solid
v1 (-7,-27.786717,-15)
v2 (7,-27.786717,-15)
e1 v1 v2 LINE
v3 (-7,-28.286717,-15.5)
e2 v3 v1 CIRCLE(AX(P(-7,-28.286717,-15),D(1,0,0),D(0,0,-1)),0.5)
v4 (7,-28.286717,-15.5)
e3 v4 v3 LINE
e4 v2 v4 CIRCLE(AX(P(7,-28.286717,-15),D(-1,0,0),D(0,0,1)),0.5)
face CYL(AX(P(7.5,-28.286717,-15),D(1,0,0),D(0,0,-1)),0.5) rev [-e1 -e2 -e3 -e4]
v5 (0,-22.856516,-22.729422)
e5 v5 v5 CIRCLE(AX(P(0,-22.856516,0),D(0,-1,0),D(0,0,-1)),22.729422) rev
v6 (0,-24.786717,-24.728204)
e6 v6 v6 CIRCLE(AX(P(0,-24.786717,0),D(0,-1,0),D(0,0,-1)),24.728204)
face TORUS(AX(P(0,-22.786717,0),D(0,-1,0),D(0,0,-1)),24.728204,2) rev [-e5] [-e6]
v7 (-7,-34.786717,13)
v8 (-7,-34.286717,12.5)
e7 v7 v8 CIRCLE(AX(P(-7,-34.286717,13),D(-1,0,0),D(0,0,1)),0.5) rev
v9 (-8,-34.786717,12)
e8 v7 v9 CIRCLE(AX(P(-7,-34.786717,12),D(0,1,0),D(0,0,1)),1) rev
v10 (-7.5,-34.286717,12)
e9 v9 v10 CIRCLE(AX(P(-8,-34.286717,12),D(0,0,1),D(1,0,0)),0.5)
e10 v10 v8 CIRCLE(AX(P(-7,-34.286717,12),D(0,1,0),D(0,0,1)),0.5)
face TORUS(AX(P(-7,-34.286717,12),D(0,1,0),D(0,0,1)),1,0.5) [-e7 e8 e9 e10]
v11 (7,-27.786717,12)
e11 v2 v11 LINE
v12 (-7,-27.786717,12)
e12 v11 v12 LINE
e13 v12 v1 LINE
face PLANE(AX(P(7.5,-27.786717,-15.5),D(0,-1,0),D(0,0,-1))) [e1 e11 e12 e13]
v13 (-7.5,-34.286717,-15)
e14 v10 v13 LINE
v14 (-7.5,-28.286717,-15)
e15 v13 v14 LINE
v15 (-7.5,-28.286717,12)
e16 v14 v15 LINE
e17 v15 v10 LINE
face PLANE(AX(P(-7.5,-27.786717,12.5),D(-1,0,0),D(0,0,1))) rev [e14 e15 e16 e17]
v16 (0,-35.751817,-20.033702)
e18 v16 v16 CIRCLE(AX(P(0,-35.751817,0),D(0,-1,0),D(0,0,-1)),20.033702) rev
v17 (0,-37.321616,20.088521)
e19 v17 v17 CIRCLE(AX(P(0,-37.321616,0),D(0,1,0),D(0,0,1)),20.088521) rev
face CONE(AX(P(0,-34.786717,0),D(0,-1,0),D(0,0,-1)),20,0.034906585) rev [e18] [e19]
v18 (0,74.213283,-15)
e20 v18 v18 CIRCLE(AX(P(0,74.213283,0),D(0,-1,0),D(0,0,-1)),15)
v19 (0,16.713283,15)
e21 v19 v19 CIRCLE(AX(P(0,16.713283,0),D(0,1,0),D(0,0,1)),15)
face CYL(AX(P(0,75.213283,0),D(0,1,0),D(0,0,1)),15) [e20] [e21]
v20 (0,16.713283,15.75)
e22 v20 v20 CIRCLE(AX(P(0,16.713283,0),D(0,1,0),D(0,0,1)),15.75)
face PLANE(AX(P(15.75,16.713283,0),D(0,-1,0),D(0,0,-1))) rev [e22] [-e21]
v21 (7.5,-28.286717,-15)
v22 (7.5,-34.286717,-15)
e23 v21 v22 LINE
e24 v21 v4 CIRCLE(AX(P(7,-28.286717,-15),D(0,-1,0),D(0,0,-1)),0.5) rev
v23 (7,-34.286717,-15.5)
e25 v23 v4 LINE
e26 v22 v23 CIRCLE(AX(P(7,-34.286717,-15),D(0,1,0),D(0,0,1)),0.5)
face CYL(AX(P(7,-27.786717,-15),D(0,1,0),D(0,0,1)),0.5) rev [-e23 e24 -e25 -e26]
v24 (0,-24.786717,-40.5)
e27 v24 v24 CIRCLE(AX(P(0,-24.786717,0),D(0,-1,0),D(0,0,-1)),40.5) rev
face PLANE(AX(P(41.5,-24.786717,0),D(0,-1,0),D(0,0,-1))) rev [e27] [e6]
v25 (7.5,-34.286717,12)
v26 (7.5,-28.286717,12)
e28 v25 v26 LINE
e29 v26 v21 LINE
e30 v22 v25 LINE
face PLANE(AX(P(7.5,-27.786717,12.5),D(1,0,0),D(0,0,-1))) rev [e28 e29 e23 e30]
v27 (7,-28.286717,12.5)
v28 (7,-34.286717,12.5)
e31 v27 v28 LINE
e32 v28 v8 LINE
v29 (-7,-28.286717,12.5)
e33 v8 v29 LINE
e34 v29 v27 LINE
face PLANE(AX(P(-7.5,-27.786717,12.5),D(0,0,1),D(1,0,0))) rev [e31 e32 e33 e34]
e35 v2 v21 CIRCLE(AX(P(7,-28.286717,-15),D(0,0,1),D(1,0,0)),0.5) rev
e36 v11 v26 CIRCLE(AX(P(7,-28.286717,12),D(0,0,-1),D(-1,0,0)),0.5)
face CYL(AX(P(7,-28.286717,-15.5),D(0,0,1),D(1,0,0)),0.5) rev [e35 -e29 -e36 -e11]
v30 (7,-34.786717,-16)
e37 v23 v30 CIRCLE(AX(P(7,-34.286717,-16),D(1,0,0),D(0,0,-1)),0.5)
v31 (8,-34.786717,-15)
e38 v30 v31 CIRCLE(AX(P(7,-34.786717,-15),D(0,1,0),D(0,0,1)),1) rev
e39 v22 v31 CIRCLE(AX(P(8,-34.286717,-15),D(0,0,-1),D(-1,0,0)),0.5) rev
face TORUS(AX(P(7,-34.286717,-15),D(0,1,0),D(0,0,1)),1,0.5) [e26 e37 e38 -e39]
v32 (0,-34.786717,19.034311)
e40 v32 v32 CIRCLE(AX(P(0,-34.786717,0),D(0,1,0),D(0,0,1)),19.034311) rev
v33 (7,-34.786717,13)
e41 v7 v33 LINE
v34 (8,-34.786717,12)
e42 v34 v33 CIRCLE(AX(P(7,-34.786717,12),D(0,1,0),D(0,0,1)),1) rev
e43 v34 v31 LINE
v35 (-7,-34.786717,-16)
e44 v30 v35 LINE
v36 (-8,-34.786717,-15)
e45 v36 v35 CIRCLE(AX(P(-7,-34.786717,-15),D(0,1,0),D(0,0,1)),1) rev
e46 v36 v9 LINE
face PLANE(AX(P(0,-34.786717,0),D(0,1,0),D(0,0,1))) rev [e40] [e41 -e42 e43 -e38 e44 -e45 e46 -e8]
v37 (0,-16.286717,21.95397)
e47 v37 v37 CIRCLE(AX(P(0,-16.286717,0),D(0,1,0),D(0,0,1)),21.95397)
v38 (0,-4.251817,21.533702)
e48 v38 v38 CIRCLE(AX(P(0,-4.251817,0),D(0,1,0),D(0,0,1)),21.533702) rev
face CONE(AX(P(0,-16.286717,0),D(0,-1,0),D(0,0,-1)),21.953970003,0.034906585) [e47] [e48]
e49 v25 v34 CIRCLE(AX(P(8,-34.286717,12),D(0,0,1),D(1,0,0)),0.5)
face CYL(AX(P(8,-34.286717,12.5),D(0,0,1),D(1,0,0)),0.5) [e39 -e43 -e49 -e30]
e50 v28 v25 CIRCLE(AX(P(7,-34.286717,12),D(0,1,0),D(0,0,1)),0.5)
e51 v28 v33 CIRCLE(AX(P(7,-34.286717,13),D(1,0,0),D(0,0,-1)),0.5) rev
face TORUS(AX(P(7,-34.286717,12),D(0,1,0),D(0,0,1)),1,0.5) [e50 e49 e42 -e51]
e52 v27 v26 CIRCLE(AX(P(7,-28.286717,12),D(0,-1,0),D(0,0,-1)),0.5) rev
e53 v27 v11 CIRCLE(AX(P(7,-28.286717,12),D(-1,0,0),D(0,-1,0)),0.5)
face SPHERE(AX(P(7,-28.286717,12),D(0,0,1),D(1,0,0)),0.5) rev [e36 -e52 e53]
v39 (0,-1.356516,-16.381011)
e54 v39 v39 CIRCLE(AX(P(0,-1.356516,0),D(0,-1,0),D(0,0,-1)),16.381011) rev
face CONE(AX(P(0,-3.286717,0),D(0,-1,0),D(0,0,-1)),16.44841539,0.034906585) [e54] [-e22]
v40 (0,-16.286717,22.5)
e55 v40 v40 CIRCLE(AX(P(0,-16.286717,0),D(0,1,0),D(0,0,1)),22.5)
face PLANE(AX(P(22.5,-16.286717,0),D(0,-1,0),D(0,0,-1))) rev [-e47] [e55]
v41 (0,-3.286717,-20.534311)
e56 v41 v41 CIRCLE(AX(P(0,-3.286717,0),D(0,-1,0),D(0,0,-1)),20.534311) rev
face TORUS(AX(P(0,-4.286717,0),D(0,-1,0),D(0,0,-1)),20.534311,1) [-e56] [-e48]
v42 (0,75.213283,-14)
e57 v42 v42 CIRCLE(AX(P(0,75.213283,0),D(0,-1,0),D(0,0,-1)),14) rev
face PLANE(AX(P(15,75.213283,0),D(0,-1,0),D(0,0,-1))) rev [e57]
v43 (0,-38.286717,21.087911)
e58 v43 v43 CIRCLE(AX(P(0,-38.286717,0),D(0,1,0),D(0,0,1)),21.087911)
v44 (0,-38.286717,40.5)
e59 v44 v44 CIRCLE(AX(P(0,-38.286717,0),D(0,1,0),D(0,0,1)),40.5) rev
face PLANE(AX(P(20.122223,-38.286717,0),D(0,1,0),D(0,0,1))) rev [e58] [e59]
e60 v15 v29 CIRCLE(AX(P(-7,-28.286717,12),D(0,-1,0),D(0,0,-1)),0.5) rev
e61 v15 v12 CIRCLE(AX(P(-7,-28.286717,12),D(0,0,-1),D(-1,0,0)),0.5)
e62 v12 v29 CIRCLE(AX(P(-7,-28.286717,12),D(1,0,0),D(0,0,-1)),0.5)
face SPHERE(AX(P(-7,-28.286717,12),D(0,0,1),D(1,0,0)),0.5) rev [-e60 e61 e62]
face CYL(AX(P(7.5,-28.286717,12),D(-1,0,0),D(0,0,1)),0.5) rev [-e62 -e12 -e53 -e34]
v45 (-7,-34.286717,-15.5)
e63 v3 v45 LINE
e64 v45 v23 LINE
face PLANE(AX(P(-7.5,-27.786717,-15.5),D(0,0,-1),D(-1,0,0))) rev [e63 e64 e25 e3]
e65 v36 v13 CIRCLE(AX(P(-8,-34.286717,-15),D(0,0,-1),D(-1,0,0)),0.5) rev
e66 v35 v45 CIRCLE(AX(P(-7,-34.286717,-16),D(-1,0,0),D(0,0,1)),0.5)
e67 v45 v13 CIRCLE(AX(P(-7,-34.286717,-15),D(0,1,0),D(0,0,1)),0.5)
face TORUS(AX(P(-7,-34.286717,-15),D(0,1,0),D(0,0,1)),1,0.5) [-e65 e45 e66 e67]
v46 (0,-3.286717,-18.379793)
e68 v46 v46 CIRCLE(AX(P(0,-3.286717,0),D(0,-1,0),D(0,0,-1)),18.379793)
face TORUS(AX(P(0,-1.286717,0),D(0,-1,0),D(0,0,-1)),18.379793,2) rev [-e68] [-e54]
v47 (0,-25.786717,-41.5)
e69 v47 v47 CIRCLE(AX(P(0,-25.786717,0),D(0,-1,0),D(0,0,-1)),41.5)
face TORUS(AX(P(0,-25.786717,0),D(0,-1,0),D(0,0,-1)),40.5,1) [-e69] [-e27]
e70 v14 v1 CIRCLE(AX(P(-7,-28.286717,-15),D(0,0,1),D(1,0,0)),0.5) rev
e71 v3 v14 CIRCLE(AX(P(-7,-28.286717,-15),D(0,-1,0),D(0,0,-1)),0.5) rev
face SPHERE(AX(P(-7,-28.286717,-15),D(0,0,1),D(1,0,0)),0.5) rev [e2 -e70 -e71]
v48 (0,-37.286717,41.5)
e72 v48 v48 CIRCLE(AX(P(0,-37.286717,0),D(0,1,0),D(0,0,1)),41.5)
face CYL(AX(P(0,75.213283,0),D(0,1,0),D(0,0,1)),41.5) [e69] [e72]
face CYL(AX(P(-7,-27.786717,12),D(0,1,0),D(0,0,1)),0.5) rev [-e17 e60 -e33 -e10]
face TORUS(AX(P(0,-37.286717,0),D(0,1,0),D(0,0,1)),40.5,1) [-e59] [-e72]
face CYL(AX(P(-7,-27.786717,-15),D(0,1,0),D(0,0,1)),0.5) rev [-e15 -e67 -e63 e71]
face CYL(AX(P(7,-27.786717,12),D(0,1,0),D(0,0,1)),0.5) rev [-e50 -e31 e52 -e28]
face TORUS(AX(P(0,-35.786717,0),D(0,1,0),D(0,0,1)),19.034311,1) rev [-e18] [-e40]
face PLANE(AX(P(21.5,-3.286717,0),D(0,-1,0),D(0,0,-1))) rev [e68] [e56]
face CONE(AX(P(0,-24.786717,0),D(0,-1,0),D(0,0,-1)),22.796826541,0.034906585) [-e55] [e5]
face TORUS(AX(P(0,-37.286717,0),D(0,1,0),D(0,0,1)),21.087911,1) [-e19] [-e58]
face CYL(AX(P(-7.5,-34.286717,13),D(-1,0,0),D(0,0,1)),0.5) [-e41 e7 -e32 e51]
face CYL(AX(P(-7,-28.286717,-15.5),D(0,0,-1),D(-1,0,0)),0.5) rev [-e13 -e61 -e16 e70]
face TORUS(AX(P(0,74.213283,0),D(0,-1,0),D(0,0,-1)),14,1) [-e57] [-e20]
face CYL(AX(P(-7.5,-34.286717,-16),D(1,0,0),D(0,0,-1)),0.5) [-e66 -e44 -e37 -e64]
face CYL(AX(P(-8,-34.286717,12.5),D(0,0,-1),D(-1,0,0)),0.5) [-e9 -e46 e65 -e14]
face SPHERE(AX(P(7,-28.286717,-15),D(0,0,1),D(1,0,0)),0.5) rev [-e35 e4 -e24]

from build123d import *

# Parameters (mm, degrees)
FILETE1_R             = 2
FILETE2_R             = 2
FILETE3_R             = 1
FILETE4_R             = 1
ESBO_O2_W             = 15
ESBO_O2_H             = 28
CORTE_EXTRUS_O1_DEPTH = 7
FILETE6_R             = 0.5


with BuildPart() as part:
    # Esboço1 → Revolução1 (revolve)
    with BuildSketch(Plane.XY, mode=Mode.PRIVATE) as revolu_o1_sk:
        Polygon((0, -34.786716792), (20, -34.786716792), (20.122222693, -38.286716792), (41.5, -38.286716792), (41.5, -24.786716792), (22.796826541, -24.786716792), (22.5, -16.286716792), (21.953970003, -16.286716792), (21.5, -3.286716792), (16.44841539, -3.286716792), (15.75, 16.713283208), (15, 16.713283208), (15, 75.213283208), (0, 75.213283208), align=None)
    revolve(revolu_o1_sk.sketch.rotate(Axis((0, 75.213283208, 0), (0, -1, 0)), 90), axis=Axis((0, 75.213283208, 0), (0, -1, 0)))

    # Filete1
    filete1_edges = [part.edges().sort_by_distance(p)[0] for p in [
        (0, -24.786716792, -22.796826541),
    ]]
    fillet(filete1_edges, radius=FILETE1_R)

    # Filete2
    filete2_edges = [part.edges().sort_by_distance(p)[0] for p in [
        (0, -3.286716792, -16.44841539),
    ]]
    fillet(filete2_edges, radius=FILETE2_R)

    # Filete3
    filete3_edges = [part.edges().sort_by_distance(p)[0] for p in [
        (0, -3.286716792, -21.5),
        (0, -24.786716792, -41.5),
        (0, -38.286716792, -41.5),
        (0, 75.213283208, -15),
    ]]
    fillet(filete3_edges, radius=FILETE3_R)

    # Filete4
    filete4_edges = [part.edges().sort_by_distance(p)[0] for p in [
        (0, -38.286716792, -20.122222693),
        (0, -34.786716792, -20),
    ]]
    fillet(filete4_edges, radius=FILETE4_R)

    # Esboço2 → Corte-extrusão1 (cut)
    with BuildSketch(Plane.XZ.offset(34.786716792)):
        with Locations((0, -1.5)):
            Rectangle(ESBO_O2_W, ESBO_O2_H)
    extrude(amount=-CORTE_EXTRUS_O1_DEPTH, mode=Mode.SUBTRACT)

    # Filete6
    filete6_edges = [part.edges().sort_by_distance(p)[0] for p in [
        (7.5, -27.786716792, -1.5),
        (7.5, -31.286716792, 12.5),
        (0, -27.786716792, -15.5),
        (7.5, -31.286716792, -15.5),
        (-7.5, -27.786716792, -1.5),
        (-7.5, -31.286716792, -15.5),
        (0, -27.786716792, 12.5),
        (-7.5, -31.286716792, 12.5),
        (7.5, -34.786716792, -1.5),
        (0, -34.786716792, 12.5),
        (-7.5, -34.786716792, -1.5),
        (0, -34.786716792, -15.5),
    ]]
    fillet(filete6_edges, radius=FILETE6_R)


solid = part.part
